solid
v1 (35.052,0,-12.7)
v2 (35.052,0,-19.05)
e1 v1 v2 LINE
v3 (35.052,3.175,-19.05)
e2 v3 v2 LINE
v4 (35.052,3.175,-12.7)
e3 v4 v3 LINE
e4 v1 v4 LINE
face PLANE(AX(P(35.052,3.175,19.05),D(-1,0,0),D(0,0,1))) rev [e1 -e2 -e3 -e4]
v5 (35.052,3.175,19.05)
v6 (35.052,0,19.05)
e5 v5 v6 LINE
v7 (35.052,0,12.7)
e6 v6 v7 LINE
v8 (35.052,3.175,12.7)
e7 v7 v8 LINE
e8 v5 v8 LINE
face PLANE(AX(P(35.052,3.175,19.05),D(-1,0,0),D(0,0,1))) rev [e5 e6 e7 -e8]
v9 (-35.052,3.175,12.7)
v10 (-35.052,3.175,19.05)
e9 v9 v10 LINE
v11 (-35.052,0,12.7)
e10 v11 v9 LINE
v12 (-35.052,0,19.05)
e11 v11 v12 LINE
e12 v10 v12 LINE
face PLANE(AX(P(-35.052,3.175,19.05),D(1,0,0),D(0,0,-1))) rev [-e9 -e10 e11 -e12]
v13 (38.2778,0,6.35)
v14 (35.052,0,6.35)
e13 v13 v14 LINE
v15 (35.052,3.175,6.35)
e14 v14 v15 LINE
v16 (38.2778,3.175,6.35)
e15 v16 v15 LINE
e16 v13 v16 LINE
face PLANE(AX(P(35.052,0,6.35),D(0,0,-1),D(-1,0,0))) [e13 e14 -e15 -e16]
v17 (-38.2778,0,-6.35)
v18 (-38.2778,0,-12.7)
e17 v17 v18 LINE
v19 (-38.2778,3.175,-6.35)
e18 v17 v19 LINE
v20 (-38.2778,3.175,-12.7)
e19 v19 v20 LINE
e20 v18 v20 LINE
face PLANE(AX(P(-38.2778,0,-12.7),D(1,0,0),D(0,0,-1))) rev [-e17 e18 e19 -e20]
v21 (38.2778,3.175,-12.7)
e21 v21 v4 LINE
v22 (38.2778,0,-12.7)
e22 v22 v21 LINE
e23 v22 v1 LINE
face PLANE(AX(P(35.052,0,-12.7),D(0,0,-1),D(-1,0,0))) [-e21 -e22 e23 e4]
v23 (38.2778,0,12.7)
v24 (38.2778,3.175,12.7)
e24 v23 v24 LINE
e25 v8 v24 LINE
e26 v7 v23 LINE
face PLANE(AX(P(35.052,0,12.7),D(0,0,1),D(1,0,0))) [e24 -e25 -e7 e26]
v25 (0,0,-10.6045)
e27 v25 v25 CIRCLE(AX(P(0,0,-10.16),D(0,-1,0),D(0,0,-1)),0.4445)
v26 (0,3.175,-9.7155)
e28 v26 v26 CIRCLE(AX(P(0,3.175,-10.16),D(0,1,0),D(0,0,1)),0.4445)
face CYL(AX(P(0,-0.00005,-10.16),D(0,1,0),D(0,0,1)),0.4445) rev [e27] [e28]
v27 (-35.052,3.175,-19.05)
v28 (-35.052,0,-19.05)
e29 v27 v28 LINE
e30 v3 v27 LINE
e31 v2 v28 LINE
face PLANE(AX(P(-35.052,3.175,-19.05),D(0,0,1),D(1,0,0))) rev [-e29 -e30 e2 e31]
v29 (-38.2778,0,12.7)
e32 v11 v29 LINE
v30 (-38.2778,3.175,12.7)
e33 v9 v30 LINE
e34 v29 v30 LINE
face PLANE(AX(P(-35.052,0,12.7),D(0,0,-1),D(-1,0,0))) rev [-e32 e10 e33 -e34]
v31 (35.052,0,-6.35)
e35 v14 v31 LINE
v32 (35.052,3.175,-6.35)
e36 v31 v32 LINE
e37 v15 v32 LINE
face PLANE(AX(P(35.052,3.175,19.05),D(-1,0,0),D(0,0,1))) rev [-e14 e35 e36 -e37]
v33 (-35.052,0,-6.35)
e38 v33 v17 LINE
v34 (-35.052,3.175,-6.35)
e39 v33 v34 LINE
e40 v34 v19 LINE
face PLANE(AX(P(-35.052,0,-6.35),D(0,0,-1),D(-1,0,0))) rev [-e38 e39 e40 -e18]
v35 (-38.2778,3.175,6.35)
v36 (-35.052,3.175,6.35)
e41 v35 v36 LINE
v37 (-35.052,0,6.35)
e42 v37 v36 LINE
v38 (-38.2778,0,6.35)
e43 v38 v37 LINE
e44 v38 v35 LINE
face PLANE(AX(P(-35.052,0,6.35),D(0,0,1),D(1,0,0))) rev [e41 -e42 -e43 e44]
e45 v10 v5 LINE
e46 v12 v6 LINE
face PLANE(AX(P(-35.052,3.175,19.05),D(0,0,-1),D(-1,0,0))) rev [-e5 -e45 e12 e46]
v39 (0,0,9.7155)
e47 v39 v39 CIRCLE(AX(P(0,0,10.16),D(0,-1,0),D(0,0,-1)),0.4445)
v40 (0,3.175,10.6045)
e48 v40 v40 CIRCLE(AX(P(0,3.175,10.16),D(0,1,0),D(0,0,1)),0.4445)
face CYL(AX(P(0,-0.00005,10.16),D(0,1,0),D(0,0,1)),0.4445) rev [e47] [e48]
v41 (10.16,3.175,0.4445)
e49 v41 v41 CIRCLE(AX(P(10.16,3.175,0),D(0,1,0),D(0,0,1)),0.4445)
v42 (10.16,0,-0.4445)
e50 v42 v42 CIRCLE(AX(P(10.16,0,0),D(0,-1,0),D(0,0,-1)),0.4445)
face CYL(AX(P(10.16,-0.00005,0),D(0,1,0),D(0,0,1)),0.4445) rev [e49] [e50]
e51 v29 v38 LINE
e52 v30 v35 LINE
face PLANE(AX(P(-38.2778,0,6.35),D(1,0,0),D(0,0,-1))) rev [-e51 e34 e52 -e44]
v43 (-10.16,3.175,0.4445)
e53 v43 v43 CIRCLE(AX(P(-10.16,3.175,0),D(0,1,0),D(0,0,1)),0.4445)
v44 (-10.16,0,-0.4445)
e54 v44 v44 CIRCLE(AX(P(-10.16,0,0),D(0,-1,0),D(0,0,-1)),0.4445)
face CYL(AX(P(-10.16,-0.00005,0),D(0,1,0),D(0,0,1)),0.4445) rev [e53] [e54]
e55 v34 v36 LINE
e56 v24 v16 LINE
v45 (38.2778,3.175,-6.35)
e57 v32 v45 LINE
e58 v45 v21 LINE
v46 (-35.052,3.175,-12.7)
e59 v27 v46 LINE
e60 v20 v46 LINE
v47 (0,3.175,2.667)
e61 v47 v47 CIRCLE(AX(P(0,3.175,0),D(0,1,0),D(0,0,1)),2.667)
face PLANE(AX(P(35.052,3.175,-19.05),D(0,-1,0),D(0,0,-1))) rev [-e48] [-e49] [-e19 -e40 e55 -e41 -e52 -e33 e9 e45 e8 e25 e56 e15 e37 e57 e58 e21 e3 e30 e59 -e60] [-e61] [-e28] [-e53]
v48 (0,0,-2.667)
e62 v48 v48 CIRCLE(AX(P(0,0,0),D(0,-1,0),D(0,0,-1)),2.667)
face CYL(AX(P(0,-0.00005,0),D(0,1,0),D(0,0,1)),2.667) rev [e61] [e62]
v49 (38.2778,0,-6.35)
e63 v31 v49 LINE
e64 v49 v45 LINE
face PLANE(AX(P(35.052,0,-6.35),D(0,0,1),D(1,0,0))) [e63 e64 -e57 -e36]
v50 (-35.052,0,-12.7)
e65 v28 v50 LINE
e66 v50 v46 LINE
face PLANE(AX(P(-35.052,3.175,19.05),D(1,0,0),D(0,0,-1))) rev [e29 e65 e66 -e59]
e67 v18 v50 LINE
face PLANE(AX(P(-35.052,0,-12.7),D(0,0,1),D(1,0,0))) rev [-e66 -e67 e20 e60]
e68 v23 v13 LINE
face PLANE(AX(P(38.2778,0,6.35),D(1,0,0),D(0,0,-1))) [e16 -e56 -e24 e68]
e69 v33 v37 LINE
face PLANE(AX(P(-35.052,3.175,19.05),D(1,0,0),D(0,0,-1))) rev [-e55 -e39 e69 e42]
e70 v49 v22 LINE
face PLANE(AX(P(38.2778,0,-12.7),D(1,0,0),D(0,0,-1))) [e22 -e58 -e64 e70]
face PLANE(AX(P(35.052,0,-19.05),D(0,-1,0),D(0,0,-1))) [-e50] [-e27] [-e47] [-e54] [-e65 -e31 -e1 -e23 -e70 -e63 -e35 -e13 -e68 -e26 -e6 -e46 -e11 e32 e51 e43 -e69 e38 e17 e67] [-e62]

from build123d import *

# Parameters (mm, degrees)
SKETCH1_W                            = 70.104
SKETCH1_H                            = 38.1
BOSS_EXTRUDE1_DEPTH                  = 3.175
SKETCH2_W                            = 3.2258
SKETCH2_H                            = 6.35
BOSS_EXTRUDE2_DEPTH                  = 3.175
SKETCH4_R                            = 2.667
SKETCH4_R_2                          = 0.4445
CUT_FOR_SERVO_HORN_MOUNT_HOLES_DEPTH = 4.175


with BuildPart() as part:
    # Sketch1 → Boss-Extrude1 (new body)
    with BuildSketch(Plane(origin=(0, 0, 0), x_dir=(1, 0, 0), z_dir=(0, 1, 0))):
        Rectangle(SKETCH1_W, SKETCH1_H)
    extrude(amount=BOSS_EXTRUDE1_DEPTH)

    # Sketch2 → Boss-Extrude2 (add)
    with BuildSketch(Plane(origin=(0, 3.175, 0), x_dir=(1, 0, 0), z_dir=(0, 1, 0))):
        with Locations((36.6649, 9.525)):
            Rectangle(SKETCH2_W, SKETCH2_H)
        with Locations((36.6649, -9.525)):
            Rectangle(SKETCH2_W, SKETCH2_H)
    boss_extrude2 = extrude(amount=-BOSS_EXTRUDE2_DEPTH)

    # Mirror1: Boss-Extrude2 across plane
    add(boss_extrude2.mirror(Plane(origin=(0, 0, 0), x_dir=(0, 0, 1), z_dir=(1, 0, 0))))

    # Sketch4 → cut for servo horn mount holes (cut, through all)
    with BuildSketch(Plane(origin=(0, 3.175, 0), x_dir=(1, 0, 0), z_dir=(0, 1, 0))):
        Circle(SKETCH4_R)
        with Locations((0, 10.16)):
            Circle(SKETCH4_R_2)
        with Locations((10.16, 0)):
            Circle(SKETCH4_R_2)
        with Locations((0, -10.16)):
            Circle(SKETCH4_R_2)
        with Locations((-10.16, 0)):
            Circle(SKETCH4_R_2)
    extrude(amount=-CUT_FOR_SERVO_HORN_MOUNT_HOLES_DEPTH, mode=Mode.SUBTRACT)


solid = part.part
